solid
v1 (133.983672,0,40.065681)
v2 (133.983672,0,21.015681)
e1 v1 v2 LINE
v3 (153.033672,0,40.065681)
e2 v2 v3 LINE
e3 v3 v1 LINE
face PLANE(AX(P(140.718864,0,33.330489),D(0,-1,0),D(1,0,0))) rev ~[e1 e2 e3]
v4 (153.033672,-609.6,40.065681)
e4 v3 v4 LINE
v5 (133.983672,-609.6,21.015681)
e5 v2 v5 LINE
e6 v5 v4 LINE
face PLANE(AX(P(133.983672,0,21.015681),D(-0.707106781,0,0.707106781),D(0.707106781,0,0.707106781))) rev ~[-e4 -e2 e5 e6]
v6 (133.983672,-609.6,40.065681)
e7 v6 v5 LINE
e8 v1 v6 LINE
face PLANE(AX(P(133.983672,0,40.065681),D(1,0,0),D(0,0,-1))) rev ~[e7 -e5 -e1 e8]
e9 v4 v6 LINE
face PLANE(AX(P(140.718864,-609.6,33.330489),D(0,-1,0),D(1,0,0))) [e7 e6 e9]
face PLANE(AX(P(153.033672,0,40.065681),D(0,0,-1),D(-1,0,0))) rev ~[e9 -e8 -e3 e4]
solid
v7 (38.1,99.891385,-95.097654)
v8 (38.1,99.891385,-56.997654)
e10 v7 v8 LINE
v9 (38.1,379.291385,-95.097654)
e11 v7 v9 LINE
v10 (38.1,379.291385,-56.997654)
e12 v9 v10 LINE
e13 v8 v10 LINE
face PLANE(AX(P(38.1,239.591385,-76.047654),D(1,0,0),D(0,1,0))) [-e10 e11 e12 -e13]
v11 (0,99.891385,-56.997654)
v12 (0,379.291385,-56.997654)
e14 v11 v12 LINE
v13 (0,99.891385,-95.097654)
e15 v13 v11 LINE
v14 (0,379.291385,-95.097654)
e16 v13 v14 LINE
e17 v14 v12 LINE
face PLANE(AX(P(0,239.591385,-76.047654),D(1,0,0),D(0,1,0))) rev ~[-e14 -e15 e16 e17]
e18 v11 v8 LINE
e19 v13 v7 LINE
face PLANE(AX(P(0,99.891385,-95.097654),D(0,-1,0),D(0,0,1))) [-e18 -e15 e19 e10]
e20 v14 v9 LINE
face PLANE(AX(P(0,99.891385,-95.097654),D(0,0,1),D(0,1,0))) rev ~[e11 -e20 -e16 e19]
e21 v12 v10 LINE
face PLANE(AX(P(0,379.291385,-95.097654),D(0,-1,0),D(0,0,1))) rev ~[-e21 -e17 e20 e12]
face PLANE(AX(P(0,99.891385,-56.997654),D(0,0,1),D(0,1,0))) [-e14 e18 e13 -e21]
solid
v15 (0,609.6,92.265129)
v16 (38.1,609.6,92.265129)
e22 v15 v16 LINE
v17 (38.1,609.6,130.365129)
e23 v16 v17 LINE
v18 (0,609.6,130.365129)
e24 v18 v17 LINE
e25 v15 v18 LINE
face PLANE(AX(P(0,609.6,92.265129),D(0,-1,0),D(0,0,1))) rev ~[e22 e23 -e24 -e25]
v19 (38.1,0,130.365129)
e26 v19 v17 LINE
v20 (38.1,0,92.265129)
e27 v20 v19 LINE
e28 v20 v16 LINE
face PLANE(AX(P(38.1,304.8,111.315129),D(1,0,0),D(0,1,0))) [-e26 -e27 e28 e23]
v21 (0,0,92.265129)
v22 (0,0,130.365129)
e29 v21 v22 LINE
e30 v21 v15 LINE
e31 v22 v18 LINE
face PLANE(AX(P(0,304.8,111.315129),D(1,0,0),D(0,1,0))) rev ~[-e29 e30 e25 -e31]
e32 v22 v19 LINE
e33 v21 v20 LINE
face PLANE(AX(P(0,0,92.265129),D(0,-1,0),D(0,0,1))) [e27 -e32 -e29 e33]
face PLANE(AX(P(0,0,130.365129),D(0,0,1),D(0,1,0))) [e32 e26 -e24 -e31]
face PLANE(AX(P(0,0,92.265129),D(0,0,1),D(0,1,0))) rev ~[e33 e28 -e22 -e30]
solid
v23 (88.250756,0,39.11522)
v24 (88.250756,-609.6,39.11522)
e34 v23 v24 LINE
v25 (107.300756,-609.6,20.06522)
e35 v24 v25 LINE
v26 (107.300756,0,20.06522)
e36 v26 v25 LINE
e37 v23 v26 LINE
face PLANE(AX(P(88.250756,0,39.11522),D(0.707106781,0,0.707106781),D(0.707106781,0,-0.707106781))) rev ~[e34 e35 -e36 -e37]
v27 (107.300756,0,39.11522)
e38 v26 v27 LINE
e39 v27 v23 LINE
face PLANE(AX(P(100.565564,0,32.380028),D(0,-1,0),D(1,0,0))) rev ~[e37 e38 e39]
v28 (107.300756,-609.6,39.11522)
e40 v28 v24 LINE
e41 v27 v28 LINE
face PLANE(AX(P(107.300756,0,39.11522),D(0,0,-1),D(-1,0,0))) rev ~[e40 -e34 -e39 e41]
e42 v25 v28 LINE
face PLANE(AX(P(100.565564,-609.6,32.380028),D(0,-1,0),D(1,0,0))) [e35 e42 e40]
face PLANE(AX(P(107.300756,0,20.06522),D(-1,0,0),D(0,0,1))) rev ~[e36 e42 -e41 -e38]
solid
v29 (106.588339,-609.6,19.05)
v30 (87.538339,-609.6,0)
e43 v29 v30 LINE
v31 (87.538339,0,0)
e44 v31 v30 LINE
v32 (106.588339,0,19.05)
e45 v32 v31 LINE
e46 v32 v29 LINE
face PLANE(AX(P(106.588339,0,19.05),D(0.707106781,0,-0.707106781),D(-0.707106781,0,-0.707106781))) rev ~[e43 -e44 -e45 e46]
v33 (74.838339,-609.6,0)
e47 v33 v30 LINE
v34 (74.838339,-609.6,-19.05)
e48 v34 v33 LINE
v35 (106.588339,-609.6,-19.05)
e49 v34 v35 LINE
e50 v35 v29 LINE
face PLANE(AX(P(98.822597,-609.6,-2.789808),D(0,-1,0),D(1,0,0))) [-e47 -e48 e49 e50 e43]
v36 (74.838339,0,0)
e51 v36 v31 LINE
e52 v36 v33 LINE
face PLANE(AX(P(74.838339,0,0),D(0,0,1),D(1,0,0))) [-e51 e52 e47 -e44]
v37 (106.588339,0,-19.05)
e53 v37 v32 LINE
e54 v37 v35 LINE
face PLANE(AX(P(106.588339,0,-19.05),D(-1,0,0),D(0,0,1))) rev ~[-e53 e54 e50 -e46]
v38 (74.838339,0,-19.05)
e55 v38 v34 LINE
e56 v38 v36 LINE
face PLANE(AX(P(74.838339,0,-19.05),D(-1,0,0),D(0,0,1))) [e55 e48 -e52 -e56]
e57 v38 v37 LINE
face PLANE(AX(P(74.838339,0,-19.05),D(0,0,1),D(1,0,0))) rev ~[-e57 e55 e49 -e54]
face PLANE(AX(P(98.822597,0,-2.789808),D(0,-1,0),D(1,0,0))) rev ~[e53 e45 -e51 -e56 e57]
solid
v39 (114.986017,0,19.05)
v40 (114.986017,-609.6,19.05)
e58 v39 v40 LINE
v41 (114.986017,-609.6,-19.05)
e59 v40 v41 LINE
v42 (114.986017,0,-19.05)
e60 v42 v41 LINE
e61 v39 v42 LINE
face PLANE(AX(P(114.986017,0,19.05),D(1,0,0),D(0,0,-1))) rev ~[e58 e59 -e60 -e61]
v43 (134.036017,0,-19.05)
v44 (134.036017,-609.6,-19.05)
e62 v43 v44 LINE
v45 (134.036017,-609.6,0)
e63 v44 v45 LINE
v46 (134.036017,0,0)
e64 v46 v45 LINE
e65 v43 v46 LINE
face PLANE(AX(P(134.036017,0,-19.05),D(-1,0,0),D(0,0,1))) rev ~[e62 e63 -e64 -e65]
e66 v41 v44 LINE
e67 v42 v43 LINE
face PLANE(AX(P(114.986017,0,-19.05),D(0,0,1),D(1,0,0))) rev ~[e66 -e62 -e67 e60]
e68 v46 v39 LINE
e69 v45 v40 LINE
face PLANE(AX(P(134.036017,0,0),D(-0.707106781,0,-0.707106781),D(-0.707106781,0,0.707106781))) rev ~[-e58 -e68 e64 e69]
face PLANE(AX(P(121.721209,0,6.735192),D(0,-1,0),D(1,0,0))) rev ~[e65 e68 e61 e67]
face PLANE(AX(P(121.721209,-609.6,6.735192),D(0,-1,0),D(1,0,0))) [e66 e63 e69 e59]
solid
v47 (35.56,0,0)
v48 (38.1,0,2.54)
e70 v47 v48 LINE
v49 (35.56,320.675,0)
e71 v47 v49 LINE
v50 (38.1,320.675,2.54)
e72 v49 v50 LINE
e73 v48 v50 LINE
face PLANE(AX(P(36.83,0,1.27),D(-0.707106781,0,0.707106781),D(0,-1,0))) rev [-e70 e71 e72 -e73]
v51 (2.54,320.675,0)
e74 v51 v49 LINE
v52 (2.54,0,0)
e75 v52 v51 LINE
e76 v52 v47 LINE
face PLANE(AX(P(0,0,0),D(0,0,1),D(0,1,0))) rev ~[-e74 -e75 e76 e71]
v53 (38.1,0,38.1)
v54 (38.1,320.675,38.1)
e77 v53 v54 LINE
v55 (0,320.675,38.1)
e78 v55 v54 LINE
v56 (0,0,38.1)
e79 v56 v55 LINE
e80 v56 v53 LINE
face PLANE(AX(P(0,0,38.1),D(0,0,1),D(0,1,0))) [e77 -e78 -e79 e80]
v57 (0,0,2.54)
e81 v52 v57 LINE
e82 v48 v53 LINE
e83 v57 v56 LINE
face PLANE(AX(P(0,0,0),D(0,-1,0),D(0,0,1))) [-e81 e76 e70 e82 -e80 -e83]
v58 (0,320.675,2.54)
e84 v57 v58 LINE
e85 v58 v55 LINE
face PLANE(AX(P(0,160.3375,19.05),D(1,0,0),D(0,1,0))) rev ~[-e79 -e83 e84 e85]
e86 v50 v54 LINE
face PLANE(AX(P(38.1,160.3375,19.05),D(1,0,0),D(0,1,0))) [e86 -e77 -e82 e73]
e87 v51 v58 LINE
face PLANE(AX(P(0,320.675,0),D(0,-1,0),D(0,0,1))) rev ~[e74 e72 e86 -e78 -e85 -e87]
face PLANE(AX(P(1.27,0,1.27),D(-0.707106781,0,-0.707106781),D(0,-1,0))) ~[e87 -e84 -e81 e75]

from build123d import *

# Parameters (mm, degrees)
F0_W      = 320.675
F0_H      = 38.1
F1_DEPTH  = 38.1
F2_SIZE   = 2.54
F3_W      = 609.6
F3_H      = 38.1
F4_DEPTH  = 38.1
F5_W      = 279.4
F5_H      = 38.1
F6_DEPTH  = 38.1
F7_W      = 19.05
F7_H      = 19.05
F8_DEPTH  = 609.6
F9_W      = 12.7
F9_H      = 19.05
F10_DEPTH = 609.6
F12_DEPTH = 609.6
F14_DEPTH = 609.6


with BuildPart() as f1:
    # F0 (on Right) → F1 (new body)
    with BuildSketch(Plane.YZ):
        with Locations((160.3375, 19.05)):
            Rectangle(F0_W, F0_H)
    extrude(amount=F1_DEPTH)

    # F2
    f2_edges = [f1.edges().sort_by_distance(p)[0] for p in [
        (38.1, 160.3375, 0),
        (0, 160.3375, 0),
    ]]
    chamfer(f2_edges, length=F2_SIZE)


with BuildPart() as f4:
    # F3 (on Right) → F4 (new body)
    with BuildSketch(Plane.YZ):
        with Locations((304.8, 111.315129)):
            Rectangle(F3_W, F3_H)
    extrude(amount=F4_DEPTH)


with BuildPart() as f6:
    # F5 (on Right) → F6 (new body)
    with BuildSketch(Plane.YZ):
        with Locations((239.591385, -76.047654)):
            Rectangle(F5_W, F5_H)
    extrude(amount=F6_DEPTH)


with BuildPart() as f8:
    # F7 (on Front) → F8 (new body)
    with BuildSketch(Plane.XZ):
        Polygon((114.986017, 19.05), (114.986017, 0), (134.036017, 0), align=None)
        with Locations((124.511017, -9.525)):
            Rectangle(F7_W, F7_H)
    extrude(amount=F8_DEPTH)


with BuildPart() as f10:
    # F9 (on Front) → F10 (new body)
    with BuildSketch(Plane.XZ):
        Polygon((87.538339, 0), (87.538339, -19.05), (106.588339, -19.05), (106.588339, 0), (106.588339, 19.05), align=None)
        with Locations((81.188339, -9.525)):
            Rectangle(F9_W, F9_H)
    extrude(amount=F10_DEPTH)


with BuildPart() as f12:
    # F11 (on Front) → F12 (new body)
    with BuildSketch(Plane.XZ):
        Polygon((107.300756, 39.11522), (88.250756, 39.11522), (107.300756, 20.06522), align=None)
    extrude(amount=F12_DEPTH)


with BuildPart() as f14:
    # F13 (on Front) → F14 (new body)
    with BuildSketch(Plane.XZ):
        Polygon((153.033672, 40.065681), (133.983672, 40.065681), (133.983672, 21.015681), align=None)
    extrude(amount=F14_DEPTH)


solid = Compound([f1.part, f4.part, f6.part, f8.part, f10.part, f12.part, f14.part])
